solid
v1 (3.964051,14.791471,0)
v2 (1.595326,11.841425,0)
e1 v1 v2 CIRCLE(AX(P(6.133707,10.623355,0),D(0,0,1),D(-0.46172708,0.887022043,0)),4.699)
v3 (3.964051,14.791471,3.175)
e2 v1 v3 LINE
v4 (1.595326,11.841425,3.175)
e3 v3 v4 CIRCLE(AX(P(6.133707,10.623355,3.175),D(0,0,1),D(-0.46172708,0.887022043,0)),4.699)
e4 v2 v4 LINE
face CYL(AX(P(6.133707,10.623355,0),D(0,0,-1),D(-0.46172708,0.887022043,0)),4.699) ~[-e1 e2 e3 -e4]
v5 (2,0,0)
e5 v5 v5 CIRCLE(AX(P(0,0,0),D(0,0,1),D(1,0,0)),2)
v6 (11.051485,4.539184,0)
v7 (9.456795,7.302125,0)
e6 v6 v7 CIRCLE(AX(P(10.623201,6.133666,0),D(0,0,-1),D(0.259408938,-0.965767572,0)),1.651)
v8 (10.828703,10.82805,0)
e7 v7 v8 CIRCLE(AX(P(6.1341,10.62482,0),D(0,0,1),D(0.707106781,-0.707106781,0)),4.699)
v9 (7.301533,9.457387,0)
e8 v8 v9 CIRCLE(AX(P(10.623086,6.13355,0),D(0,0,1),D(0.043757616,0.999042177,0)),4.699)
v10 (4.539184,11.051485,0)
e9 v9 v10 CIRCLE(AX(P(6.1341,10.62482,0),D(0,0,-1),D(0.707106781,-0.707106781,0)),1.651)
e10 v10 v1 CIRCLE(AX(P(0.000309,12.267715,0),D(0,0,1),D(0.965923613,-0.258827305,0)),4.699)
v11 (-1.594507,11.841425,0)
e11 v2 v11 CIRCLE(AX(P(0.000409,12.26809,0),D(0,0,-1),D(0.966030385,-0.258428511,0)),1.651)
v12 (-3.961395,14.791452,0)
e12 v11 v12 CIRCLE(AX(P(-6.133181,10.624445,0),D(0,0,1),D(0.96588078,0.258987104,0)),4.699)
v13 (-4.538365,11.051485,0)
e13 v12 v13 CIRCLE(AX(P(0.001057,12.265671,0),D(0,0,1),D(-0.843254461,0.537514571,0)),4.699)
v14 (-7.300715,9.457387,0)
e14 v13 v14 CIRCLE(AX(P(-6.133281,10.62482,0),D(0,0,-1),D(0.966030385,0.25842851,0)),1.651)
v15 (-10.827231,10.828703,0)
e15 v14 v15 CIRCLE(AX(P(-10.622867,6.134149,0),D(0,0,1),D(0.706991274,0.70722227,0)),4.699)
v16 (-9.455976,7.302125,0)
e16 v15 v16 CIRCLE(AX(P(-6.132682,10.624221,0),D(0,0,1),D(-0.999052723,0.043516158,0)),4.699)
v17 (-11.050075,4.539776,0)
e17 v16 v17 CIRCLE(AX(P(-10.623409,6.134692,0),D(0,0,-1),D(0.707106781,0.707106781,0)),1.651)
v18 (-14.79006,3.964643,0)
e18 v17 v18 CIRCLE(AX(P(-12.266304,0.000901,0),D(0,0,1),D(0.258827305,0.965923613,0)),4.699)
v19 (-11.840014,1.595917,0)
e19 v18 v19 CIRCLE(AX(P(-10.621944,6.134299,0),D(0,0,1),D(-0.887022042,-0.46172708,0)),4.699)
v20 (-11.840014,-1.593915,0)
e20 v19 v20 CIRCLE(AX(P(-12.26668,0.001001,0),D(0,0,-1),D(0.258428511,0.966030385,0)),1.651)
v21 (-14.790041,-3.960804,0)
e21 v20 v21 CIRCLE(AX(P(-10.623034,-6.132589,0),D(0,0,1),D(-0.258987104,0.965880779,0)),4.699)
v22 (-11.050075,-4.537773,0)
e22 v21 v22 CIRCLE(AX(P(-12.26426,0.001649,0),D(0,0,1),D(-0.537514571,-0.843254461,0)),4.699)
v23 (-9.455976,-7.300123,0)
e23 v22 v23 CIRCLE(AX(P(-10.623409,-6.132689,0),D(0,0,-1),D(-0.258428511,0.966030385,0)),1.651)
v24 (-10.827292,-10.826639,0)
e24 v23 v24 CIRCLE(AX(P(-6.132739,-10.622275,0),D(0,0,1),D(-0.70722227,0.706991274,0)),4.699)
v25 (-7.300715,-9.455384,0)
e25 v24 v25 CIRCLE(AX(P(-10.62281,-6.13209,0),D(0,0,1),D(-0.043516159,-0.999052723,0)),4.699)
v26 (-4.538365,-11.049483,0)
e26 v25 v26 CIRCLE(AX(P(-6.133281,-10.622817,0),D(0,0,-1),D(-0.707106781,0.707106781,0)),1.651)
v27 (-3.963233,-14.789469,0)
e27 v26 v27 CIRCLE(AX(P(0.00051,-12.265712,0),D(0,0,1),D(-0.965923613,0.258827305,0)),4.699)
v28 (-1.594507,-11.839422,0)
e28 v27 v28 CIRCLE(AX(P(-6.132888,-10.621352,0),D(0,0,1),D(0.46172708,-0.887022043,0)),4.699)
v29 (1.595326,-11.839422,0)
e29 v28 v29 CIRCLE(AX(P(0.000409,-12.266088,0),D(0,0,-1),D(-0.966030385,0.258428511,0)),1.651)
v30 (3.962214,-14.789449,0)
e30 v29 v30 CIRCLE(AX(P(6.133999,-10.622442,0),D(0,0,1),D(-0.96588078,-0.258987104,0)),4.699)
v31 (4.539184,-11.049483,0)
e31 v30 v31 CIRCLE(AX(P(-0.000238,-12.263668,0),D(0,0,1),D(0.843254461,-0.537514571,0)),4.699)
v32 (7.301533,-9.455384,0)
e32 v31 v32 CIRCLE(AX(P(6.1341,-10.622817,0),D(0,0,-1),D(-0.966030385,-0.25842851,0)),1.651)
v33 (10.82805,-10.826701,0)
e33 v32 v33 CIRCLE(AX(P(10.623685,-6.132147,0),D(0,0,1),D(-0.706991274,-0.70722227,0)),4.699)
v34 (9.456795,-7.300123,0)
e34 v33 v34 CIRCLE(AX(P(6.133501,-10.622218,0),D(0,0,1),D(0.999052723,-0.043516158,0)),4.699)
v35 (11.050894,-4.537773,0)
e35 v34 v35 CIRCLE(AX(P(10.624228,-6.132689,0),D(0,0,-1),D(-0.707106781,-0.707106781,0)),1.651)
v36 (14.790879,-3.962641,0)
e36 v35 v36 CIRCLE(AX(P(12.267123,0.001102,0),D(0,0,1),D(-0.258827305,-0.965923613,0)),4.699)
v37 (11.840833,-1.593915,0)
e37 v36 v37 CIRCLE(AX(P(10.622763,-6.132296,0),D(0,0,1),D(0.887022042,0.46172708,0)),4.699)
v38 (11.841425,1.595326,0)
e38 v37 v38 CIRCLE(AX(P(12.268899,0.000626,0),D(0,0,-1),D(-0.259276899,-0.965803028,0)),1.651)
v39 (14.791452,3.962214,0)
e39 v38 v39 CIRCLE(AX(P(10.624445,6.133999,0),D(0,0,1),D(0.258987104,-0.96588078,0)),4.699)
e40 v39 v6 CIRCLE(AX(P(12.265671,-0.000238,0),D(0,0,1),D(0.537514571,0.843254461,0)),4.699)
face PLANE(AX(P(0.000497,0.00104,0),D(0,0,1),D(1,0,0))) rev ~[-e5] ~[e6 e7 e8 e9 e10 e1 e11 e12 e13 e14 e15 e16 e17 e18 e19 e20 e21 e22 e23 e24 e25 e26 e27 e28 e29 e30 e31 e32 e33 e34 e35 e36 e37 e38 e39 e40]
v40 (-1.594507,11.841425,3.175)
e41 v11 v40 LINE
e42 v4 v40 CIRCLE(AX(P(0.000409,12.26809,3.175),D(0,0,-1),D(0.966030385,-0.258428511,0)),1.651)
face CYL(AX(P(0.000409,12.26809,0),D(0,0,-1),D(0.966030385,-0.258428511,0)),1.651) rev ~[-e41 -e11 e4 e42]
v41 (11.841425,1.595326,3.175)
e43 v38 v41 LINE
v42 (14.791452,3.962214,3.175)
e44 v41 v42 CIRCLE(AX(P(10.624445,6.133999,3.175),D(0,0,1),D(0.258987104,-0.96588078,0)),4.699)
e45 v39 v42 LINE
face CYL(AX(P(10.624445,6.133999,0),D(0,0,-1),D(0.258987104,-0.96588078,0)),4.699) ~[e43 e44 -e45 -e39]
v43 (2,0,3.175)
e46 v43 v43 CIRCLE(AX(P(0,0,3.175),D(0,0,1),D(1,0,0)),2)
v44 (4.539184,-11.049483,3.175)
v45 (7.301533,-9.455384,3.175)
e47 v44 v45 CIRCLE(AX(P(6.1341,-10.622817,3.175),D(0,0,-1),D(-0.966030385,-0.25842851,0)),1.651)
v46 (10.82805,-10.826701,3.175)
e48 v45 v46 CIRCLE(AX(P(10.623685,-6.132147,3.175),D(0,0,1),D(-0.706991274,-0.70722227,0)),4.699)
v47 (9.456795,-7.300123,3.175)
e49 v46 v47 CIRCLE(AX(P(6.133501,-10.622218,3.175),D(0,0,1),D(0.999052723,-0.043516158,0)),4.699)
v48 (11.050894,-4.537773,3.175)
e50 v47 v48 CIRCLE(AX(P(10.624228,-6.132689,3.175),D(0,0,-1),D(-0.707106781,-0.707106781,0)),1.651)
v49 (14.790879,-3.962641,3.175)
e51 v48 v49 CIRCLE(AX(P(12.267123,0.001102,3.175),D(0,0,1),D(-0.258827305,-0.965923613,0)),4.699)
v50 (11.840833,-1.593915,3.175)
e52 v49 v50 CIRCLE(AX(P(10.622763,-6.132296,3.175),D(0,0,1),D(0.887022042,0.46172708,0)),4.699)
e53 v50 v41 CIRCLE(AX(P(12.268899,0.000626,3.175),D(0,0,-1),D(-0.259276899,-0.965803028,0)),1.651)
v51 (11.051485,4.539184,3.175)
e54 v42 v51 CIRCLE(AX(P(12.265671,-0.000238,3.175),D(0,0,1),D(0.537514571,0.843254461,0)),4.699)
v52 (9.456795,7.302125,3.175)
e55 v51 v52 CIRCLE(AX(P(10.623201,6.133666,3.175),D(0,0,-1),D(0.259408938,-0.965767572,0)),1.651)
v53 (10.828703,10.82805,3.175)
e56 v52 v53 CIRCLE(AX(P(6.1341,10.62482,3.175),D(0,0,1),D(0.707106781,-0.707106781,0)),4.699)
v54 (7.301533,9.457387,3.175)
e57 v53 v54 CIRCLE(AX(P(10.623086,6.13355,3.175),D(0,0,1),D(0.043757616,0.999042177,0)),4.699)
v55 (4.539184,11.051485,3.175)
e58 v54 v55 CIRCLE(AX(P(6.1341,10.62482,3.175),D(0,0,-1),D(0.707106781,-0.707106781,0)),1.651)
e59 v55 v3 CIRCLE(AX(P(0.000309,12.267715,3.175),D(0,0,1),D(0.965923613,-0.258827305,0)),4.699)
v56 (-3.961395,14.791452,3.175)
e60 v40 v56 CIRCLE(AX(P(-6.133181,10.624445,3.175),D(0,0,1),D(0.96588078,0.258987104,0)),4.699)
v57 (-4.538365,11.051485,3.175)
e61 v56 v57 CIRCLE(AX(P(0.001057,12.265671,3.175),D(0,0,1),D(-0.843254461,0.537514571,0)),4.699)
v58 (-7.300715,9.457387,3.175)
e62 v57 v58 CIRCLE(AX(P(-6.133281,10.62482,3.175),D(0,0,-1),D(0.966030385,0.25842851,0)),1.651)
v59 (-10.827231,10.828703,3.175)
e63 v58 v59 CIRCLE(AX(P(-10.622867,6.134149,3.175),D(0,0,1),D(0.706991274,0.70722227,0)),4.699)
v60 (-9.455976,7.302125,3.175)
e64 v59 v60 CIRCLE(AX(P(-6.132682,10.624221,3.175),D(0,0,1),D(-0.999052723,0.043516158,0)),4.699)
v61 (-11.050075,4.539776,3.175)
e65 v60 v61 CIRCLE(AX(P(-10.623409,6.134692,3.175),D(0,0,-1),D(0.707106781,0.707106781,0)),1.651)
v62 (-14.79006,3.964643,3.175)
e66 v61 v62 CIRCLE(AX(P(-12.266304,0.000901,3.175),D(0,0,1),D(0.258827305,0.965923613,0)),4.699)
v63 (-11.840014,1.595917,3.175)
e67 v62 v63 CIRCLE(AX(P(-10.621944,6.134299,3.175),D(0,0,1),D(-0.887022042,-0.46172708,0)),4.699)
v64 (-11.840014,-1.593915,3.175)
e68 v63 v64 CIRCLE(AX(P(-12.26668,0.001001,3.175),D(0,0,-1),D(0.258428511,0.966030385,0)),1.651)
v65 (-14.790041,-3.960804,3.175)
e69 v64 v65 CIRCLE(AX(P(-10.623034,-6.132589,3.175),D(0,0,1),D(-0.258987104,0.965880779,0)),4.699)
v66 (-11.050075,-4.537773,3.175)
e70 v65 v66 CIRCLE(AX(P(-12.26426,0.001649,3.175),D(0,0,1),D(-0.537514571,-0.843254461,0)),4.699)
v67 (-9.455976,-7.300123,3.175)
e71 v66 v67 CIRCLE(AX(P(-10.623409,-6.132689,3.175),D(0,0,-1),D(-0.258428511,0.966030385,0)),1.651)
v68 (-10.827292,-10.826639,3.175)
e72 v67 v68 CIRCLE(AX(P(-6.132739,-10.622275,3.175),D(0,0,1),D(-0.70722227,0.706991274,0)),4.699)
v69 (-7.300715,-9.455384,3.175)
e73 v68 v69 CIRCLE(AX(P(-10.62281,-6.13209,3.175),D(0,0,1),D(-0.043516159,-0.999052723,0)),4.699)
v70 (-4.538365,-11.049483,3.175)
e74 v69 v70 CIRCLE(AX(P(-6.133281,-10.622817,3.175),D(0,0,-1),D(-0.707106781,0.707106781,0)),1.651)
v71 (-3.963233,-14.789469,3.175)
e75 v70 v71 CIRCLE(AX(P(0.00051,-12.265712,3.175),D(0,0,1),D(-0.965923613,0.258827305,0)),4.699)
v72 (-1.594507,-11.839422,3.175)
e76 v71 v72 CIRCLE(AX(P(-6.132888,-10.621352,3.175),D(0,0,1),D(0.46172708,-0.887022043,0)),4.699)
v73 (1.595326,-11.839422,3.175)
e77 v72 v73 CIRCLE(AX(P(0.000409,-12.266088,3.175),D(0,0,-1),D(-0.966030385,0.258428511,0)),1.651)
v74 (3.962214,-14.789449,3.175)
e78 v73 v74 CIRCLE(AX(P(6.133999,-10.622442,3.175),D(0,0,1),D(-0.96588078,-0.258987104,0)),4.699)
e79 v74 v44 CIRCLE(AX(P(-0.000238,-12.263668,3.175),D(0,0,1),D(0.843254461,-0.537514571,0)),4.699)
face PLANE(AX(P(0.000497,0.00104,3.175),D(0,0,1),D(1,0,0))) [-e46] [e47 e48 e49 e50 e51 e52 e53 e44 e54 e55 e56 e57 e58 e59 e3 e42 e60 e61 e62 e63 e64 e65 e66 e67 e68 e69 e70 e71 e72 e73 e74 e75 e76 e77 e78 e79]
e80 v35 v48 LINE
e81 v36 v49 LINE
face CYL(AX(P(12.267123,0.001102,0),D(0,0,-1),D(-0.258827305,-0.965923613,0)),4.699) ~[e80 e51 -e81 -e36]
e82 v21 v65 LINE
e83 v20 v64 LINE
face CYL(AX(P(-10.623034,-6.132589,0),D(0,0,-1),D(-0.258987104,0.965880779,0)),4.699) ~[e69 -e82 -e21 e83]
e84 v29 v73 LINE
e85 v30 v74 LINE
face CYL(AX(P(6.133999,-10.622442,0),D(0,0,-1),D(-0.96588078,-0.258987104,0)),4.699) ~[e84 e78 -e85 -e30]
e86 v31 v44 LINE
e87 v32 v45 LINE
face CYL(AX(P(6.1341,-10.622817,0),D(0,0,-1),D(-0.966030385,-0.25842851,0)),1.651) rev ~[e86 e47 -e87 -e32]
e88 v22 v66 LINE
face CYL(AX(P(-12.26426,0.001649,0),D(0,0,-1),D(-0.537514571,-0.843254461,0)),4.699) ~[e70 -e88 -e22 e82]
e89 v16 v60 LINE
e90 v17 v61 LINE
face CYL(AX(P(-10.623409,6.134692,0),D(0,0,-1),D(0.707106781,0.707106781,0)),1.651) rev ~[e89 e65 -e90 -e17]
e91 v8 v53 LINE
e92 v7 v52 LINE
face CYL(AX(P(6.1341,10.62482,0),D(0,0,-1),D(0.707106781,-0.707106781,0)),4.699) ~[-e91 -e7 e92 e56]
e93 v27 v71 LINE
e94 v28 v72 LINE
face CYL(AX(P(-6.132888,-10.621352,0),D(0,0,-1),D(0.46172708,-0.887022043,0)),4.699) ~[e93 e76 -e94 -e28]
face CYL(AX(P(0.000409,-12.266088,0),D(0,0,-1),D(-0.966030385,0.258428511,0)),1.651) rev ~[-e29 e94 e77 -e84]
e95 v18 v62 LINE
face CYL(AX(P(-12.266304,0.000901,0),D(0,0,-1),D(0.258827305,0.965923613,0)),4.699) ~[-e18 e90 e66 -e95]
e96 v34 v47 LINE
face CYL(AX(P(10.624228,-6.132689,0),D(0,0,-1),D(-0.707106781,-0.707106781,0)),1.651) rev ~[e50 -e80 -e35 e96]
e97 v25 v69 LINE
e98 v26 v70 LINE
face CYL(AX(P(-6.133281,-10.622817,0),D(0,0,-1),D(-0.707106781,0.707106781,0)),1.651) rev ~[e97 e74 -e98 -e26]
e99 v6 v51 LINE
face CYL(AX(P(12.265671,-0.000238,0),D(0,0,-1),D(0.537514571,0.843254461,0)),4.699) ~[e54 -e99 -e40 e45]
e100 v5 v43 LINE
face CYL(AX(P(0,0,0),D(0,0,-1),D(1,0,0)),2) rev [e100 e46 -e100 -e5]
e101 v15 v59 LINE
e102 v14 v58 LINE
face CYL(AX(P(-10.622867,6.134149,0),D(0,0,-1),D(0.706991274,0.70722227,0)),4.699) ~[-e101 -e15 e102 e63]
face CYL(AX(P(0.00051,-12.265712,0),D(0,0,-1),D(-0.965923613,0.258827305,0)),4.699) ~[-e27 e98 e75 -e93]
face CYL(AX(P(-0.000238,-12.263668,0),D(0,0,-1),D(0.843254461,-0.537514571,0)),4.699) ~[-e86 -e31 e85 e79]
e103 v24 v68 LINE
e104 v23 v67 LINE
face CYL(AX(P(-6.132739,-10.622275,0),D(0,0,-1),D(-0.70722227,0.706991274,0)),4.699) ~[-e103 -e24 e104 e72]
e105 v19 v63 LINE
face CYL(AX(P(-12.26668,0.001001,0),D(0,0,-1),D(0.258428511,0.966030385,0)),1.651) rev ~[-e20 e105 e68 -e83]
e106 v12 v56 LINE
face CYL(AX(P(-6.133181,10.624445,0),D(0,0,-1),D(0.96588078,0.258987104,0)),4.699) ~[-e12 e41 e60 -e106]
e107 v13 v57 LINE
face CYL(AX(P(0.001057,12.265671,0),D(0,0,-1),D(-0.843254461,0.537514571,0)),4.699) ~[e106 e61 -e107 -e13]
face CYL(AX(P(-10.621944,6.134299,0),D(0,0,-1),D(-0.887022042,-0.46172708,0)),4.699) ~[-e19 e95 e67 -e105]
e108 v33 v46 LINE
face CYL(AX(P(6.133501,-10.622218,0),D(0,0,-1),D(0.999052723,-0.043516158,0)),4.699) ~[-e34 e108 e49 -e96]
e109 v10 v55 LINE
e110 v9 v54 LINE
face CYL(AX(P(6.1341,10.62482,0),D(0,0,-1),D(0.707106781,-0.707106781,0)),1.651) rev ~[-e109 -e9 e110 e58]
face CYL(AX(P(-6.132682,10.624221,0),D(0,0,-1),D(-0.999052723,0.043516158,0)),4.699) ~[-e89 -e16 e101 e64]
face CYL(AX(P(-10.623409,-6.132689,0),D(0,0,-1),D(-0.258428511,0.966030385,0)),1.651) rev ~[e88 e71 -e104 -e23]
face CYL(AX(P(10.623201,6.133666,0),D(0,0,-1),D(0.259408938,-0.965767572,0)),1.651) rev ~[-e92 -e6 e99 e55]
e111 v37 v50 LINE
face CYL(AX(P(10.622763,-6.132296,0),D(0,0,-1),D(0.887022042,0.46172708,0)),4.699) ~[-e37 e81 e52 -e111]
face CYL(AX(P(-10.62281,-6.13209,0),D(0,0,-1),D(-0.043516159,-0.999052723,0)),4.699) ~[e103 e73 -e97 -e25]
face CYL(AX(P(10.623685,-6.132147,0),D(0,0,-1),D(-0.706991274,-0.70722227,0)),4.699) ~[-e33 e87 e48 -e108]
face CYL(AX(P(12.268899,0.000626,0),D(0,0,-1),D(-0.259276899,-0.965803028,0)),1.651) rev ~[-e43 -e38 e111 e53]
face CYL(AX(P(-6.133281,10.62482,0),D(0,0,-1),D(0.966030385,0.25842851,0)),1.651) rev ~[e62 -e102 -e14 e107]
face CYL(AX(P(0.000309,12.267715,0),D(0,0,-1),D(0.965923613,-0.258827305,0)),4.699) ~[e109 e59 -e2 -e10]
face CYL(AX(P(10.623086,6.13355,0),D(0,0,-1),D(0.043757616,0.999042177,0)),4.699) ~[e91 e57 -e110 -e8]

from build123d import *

# Parameters (mm, degrees)
SKETCH2_R           = 2
BOSS_EXTRUDE2_DEPTH = 3.175


with BuildPart() as part:
    # Sketch2 → Boss-Extrude2 (new body)
    with BuildSketch(Plane.XY):
        with BuildLine():
            ThreePointArc((9.456794765, 7.302125235), (10.51328966, 8.920913041), (10.82870315, 10.828049574))
            ThreePointArc((10.82870315, 10.828049574), (8.921045244, 10.513465667), (7.301533296, 9.457386704))
            ThreePointArc((7.301533296, 9.457386704), (5.308889045, 9.194845217), (4.539183834, 11.051485471))
            ThreePointArc((4.539183834, 11.051485471), (4.64471403, 12.981928422), (3.964051405, 14.791471183))
            ThreePointArc((3.964051405, 14.791471183), (2.469674584, 13.565372247), (1.59532555, 11.841424903))
            ThreePointArc((1.59532555, 11.841424903), (0.000409384, 10.617090374), (-1.594506782, 11.841424903))
            ThreePointArc((-1.594506782, 11.841424903), (-2.468043552, 13.565085875), (-3.961395494, 14.791451895))
            ThreePointArc((-3.961395494, 14.791451895), (-4.64300424, 12.982116437), (-4.538365066, 11.051485471))
            ThreePointArc((-4.538365066, 11.051485471), (-5.308070277, 9.194845217), (-7.300714528, 9.457386704))
            ThreePointArc((-7.300714528, 9.457386704), (-8.919846484, 10.513683908), (-10.827230806, 10.82870315))
            ThreePointArc((-10.827230806, 10.82870315), (-10.512252617, 8.921293027), (-9.455975997, 7.302125235))
            ThreePointArc((-9.455975997, 7.302125235), (-9.19343451, 5.309480984), (-11.050074764, 4.539775774))
            ThreePointArc((-11.050074764, 4.539775774), (-12.980517715, 4.64530597), (-14.790060475, 3.964643344))
            ThreePointArc((-14.790060475, 3.964643344), (-13.56396154, 2.470266524), (-11.840014195, 1.595917489))
            ThreePointArc((-11.840014195, 1.595917489), (-10.615679667, 0.001001323), (-11.840014195, -1.593914842))
            ThreePointArc((-11.840014195, -1.593914842), (-13.563675168, -2.467451613), (-14.790041187, -3.960803554))
            ThreePointArc((-14.790041187, -3.960803554), (-12.980705729, -4.6424123), (-11.050074764, -4.537773127))
            ThreePointArc((-11.050074764, -4.537773127), (-9.19343451, -5.307478337), (-9.455975997, -7.300122588))
            ThreePointArc((-9.455975997, -7.300122588), (-10.512273201, -8.919254544), (-10.827292443, -10.826638866))
            ThreePointArc((-10.827292443, -10.826638866), (-8.91988232, -10.511660678), (-7.300714528, -9.455384057))
            ThreePointArc((-7.300714528, -9.455384057), (-5.308070277, -9.19284257), (-4.538365066, -11.049482824))
            ThreePointArc((-4.538365066, -11.049482824), (-4.643895262, -12.979925775), (-3.963232637, -14.789468536))
            ThreePointArc((-3.963232637, -14.789468536), (-2.468855816, -13.5633696), (-1.594506782, -11.839422256))
            ThreePointArc((-1.594506782, -11.839422256), (0.000409384, -10.615087727), (1.59532555, -11.839422256))
            ThreePointArc((1.59532555, -11.839422256), (2.46886232, -13.563083228), (3.962214262, -14.789449248))
            ThreePointArc((3.962214262, -14.789449248), (4.643823008, -12.98011379), (4.539183834, -11.049482824))
            ThreePointArc((4.539183834, -11.049482824), (5.308889045, -9.19284257), (7.301533296, -9.455384057))
            ThreePointArc((7.301533296, -9.455384057), (8.920665252, -10.511681261), (10.828049574, -10.826700503))
            ThreePointArc((10.828049574, -10.826700503), (10.513071385, -8.91929038), (9.456794765, -7.300122588))
            ThreePointArc((9.456794765, -7.300122588), (9.194253278, -5.307478337), (11.050893532, -4.537773127))
            ThreePointArc((11.050893532, -4.537773127), (12.981336483, -4.643303323), (14.790879243, -3.962640697))
            ThreePointArc((14.790879243, -3.962640697), (13.564780308, -2.468263877), (11.840832964, -1.593914842))
            ThreePointArc((11.840832964, -1.593914842), (10.617899153, 0.000932392), (11.841424903, 1.59532555))
            ThreePointArc((11.841424903, 1.59532555), (13.565085875, 2.46886232), (14.791451895, 3.962214262))
            ThreePointArc((14.791451895, 3.962214262), (12.982116437, 4.643823008), (11.051485471, 4.539183834))
            ThreePointArc((11.051485471, 4.539183834), (9.193282623, 5.308357949), (9.456794765, 7.302125235))
        make_face()
        Circle(SKETCH2_R, mode=Mode.SUBTRACT)
    extrude(amount=BOSS_EXTRUDE2_DEPTH)


solid = part.part
